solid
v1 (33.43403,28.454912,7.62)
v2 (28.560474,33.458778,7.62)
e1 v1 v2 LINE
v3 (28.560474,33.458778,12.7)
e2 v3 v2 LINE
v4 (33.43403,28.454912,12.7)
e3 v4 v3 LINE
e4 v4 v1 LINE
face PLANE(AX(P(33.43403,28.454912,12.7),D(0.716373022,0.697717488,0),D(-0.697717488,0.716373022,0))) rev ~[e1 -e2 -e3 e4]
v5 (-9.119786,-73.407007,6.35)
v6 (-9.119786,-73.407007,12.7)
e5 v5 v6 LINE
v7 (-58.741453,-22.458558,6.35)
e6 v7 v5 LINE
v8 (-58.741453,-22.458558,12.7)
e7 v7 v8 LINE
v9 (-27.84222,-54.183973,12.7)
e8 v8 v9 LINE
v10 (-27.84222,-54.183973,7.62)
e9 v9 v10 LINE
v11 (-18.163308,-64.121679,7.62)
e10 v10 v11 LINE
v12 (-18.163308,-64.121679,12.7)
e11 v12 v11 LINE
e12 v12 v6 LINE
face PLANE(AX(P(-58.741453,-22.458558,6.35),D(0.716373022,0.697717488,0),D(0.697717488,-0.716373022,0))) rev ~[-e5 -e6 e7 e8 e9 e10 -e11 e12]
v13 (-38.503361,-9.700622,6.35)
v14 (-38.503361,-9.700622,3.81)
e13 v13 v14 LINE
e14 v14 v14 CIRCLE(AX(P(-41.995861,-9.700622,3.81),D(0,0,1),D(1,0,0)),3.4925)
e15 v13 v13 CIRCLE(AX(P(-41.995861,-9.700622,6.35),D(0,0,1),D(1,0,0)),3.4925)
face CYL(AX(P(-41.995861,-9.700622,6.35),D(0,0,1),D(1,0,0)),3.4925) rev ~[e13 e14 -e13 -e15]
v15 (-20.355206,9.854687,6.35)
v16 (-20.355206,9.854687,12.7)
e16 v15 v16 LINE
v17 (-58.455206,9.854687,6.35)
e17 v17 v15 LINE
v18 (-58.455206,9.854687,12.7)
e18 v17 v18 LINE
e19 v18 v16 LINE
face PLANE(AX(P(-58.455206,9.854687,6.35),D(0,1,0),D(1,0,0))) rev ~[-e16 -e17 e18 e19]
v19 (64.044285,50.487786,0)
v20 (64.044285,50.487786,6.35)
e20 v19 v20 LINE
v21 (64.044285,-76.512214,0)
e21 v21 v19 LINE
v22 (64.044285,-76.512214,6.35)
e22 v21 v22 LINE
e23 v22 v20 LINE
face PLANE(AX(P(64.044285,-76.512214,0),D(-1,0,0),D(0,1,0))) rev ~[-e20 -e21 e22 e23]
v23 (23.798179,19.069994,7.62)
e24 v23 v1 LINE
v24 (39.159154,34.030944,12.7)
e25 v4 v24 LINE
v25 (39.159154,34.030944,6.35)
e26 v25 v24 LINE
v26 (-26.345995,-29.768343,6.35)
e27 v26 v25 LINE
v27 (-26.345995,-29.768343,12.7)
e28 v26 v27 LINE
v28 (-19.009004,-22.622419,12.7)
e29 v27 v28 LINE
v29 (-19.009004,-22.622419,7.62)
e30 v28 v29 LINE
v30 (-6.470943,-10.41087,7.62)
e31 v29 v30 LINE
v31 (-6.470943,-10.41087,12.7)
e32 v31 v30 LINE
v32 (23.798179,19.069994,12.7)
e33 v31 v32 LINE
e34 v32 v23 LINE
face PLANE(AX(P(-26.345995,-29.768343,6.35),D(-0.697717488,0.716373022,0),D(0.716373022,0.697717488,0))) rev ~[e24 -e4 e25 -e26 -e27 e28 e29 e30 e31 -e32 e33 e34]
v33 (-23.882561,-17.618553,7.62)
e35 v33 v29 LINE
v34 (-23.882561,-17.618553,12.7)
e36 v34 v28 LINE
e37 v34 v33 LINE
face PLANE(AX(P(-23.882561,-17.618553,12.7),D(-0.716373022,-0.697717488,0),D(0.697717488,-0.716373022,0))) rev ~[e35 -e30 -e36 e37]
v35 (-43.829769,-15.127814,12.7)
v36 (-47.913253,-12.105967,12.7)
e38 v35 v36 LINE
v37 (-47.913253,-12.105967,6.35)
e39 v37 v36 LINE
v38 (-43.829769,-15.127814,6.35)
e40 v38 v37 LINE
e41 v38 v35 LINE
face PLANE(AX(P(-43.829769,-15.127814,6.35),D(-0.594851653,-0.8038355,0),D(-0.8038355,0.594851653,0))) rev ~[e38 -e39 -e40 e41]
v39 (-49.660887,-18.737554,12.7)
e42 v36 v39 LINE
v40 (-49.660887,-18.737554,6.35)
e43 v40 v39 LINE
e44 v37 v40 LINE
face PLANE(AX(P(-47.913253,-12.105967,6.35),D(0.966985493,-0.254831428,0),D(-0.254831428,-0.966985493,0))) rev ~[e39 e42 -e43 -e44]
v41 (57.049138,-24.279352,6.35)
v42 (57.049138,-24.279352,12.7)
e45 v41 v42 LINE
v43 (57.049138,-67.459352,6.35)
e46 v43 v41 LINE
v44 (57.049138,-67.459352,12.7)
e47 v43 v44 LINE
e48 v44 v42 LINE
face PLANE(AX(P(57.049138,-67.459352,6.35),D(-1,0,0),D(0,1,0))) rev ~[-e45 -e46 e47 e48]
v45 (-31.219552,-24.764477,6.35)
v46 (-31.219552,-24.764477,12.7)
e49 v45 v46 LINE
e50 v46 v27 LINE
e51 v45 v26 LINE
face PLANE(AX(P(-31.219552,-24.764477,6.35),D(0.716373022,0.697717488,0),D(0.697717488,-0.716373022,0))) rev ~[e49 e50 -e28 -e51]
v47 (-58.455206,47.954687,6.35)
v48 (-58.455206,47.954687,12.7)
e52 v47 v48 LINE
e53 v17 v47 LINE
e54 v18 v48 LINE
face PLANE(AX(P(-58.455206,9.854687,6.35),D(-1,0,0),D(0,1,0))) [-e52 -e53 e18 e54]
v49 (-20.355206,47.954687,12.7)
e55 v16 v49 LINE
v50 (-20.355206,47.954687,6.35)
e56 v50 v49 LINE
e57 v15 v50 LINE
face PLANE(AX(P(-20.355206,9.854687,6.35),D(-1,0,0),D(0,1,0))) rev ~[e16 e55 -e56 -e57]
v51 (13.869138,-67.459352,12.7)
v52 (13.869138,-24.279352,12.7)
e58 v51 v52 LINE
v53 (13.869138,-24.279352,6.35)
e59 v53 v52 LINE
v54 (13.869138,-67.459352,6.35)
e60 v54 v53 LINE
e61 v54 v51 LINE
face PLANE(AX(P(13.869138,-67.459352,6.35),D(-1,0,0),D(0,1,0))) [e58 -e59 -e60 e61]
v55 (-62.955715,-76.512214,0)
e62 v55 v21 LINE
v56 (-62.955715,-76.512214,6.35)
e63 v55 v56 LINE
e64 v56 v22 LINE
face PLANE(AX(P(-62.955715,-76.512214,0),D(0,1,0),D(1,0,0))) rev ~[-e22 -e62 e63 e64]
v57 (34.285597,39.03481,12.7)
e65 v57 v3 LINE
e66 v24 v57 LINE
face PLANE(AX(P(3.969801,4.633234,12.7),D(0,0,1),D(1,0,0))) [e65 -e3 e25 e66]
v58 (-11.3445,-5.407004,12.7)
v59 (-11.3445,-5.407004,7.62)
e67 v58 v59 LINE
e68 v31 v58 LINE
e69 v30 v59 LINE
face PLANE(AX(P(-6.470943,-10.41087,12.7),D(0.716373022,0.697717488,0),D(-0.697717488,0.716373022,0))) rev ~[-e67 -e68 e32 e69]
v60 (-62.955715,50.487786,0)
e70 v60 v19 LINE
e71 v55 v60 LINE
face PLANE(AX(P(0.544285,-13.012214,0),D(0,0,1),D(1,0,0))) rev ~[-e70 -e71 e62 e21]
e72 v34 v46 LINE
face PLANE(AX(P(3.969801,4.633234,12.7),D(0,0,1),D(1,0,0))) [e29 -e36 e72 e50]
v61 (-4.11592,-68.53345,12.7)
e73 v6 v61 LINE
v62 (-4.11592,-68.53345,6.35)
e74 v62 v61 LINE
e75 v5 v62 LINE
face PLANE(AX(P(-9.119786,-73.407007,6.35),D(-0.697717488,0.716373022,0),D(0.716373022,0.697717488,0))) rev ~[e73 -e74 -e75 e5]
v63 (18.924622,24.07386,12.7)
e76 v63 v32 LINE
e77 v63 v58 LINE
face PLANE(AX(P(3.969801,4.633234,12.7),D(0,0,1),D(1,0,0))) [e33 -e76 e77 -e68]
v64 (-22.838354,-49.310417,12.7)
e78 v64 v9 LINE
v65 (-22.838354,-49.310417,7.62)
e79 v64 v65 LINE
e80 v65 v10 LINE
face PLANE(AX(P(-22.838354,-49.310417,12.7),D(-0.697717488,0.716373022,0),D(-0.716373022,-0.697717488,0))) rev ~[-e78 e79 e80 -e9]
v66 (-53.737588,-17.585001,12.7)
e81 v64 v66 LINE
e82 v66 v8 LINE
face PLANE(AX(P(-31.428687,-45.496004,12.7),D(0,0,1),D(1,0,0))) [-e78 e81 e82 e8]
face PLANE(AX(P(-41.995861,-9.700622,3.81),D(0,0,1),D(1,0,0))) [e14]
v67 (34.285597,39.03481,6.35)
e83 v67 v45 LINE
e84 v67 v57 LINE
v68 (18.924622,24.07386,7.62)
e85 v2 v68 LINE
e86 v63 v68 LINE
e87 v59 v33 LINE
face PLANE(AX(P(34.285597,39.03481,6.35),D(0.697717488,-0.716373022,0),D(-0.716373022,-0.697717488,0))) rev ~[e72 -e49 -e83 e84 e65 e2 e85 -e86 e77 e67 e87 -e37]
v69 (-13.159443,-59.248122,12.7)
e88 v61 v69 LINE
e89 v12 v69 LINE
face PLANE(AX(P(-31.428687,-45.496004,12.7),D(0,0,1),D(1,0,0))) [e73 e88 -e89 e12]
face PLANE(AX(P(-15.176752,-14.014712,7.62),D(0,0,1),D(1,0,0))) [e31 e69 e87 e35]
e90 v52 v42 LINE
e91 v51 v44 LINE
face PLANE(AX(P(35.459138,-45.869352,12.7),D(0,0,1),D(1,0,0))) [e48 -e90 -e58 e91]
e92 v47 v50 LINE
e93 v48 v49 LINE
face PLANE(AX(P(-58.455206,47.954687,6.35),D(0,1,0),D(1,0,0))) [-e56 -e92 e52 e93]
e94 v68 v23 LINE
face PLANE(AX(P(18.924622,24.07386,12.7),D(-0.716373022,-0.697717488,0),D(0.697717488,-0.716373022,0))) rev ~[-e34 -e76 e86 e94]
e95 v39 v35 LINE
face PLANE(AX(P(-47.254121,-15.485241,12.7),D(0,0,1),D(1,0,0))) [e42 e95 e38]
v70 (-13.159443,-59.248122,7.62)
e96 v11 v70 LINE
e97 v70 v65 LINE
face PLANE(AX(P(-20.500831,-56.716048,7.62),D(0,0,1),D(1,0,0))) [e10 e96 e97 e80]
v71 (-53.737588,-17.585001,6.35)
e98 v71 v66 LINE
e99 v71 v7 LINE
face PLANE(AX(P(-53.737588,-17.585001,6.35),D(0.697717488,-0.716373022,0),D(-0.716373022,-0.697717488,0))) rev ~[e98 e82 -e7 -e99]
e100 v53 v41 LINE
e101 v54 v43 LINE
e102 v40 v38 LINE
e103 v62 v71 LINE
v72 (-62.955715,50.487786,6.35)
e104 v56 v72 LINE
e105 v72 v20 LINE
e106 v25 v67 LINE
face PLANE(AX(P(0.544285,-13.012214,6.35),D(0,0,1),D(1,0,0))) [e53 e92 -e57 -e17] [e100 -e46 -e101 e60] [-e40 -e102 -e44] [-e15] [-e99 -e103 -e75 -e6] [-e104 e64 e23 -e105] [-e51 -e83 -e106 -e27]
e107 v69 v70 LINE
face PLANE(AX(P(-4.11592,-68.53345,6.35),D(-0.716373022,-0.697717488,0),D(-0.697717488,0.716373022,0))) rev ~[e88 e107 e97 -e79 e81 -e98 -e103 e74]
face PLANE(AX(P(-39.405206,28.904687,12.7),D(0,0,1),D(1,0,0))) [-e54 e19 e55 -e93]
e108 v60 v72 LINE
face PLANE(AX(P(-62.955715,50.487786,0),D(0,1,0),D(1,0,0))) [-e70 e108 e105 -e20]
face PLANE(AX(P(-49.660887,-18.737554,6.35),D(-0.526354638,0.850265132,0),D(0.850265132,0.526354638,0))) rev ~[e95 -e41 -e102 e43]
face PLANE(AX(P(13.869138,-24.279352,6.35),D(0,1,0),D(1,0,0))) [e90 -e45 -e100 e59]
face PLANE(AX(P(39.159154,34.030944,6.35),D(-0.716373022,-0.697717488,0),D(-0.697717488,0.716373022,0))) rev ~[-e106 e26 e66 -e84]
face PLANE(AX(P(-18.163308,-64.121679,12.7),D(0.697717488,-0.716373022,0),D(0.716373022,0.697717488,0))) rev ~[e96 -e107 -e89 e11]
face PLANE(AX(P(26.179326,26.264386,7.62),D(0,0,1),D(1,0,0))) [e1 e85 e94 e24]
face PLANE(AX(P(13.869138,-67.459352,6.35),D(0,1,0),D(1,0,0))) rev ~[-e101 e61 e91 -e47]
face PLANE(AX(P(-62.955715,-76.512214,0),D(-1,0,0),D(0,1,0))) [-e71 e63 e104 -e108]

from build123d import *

# Parameters (mm, degrees)
F0_W      = 127
F0_H      = 127
F1_DEPTH  = 6.35
F3_DEPTH  = 6.35
F5_DEPTH  = 5.08
F6_W      = 43.18
F6_H      = 43.18
F7_DEPTH  = 6.35
F9_DEPTH  = 6.35
F11_DEPTH = 5.08
F12_W     = 38.1
F12_H     = 38.1
F13_DEPTH = 6.35
F14_R     = 3.4925
F15_DEPTH = 2.54
F17_DEPTH = 6.35


with BuildPart() as f1:
    # F0 (on Top) → F1 (new body)
    with BuildSketch(Plane.XY):
        with Locations((0.5442854017, -13.0122138653)):
            Rectangle(F0_W, F0_H)
    extrude(amount=F1_DEPTH)

    # F2 (on face) → F3 (join)
    with BuildSketch(Plane.XY.offset(6.35)):
        Polygon((-53.7375879309, -17.5850009601), (-58.7414534923, -22.4585576124), (-9.1197857594, -73.4070069648), (-4.115920198, -68.5334503124), align=None)
    extrude(amount=F3_DEPTH)

    # F4 (on face) → F5 (cut)
    with BuildSketch(Plane.XY.offset(12.7)):
        Polygon((-22.838354329, -49.3104166932), (-27.8422198903, -54.1839733455), (-18.1633084233, -64.1216790535), (-13.1594428619, -59.2481224011), align=None)
    extrude(amount=-F5_DEPTH, mode=Mode.SUBTRACT)

    # F6 (on face) → F7 (join)
    with BuildSketch(Plane.XY.offset(6.35)):
        with Locations((35.4591379873, -45.8693522716)):
            Rectangle(F6_W, F6_H)
    extrude(amount=F7_DEPTH)

    # F8 (on face) → F9 (join)
    with BuildSketch(Plane.XY.offset(6.35)):
        Polygon((34.285597458, 39.0348099981), (-31.2195517093, -24.764477087), (-26.345995057, -29.7683426483), (39.1591541104, 34.0309444367), align=None)
    extrude(amount=F9_DEPTH)

    # F10 (on face) → F11 (cut)
    with BuildSketch(Plane.XY.offset(12.7)):
        Polygon((-11.3444998697, -5.4070043651), (-23.882560582, -17.618553305), (-19.0090039296, -22.6224188664), (-6.4709432174, -10.4108699265), align=None)
        Polygon((28.5604737616, 33.4587779618), (18.924622147, 24.0738598097), (23.7981787993, 19.0699942484), (33.434030414, 28.4549124004), align=None)
    extrude(amount=-F11_DEPTH, mode=Mode.SUBTRACT)

    # F12 (on face) → F13 (join)
    with BuildSketch(Plane.XY.offset(6.35)):
        with Locations((-39.4052062184, 28.9046873478)):
            Rectangle(F12_W, F12_H)
    extrude(amount=F13_DEPTH)

    # F14 (on face) → F15 (cut)
    with BuildSketch(Plane.XY.offset(6.35)):
        with Locations((-41.9958606362, -9.7006224096)):
            Circle(F14_R)
    extrude(amount=-F15_DEPTH, mode=Mode.SUBTRACT)

    # F16 (on face) → F17 (join)
    with BuildSketch(Plane.XY.offset(6.35)):
        Polygon((-43.8297687504, -15.1278137338), (-47.9132530889, -12.1059673352), (-49.6608870253, -18.737553844), align=None)
    extrude(amount=F17_DEPTH)


solid = f1.part
